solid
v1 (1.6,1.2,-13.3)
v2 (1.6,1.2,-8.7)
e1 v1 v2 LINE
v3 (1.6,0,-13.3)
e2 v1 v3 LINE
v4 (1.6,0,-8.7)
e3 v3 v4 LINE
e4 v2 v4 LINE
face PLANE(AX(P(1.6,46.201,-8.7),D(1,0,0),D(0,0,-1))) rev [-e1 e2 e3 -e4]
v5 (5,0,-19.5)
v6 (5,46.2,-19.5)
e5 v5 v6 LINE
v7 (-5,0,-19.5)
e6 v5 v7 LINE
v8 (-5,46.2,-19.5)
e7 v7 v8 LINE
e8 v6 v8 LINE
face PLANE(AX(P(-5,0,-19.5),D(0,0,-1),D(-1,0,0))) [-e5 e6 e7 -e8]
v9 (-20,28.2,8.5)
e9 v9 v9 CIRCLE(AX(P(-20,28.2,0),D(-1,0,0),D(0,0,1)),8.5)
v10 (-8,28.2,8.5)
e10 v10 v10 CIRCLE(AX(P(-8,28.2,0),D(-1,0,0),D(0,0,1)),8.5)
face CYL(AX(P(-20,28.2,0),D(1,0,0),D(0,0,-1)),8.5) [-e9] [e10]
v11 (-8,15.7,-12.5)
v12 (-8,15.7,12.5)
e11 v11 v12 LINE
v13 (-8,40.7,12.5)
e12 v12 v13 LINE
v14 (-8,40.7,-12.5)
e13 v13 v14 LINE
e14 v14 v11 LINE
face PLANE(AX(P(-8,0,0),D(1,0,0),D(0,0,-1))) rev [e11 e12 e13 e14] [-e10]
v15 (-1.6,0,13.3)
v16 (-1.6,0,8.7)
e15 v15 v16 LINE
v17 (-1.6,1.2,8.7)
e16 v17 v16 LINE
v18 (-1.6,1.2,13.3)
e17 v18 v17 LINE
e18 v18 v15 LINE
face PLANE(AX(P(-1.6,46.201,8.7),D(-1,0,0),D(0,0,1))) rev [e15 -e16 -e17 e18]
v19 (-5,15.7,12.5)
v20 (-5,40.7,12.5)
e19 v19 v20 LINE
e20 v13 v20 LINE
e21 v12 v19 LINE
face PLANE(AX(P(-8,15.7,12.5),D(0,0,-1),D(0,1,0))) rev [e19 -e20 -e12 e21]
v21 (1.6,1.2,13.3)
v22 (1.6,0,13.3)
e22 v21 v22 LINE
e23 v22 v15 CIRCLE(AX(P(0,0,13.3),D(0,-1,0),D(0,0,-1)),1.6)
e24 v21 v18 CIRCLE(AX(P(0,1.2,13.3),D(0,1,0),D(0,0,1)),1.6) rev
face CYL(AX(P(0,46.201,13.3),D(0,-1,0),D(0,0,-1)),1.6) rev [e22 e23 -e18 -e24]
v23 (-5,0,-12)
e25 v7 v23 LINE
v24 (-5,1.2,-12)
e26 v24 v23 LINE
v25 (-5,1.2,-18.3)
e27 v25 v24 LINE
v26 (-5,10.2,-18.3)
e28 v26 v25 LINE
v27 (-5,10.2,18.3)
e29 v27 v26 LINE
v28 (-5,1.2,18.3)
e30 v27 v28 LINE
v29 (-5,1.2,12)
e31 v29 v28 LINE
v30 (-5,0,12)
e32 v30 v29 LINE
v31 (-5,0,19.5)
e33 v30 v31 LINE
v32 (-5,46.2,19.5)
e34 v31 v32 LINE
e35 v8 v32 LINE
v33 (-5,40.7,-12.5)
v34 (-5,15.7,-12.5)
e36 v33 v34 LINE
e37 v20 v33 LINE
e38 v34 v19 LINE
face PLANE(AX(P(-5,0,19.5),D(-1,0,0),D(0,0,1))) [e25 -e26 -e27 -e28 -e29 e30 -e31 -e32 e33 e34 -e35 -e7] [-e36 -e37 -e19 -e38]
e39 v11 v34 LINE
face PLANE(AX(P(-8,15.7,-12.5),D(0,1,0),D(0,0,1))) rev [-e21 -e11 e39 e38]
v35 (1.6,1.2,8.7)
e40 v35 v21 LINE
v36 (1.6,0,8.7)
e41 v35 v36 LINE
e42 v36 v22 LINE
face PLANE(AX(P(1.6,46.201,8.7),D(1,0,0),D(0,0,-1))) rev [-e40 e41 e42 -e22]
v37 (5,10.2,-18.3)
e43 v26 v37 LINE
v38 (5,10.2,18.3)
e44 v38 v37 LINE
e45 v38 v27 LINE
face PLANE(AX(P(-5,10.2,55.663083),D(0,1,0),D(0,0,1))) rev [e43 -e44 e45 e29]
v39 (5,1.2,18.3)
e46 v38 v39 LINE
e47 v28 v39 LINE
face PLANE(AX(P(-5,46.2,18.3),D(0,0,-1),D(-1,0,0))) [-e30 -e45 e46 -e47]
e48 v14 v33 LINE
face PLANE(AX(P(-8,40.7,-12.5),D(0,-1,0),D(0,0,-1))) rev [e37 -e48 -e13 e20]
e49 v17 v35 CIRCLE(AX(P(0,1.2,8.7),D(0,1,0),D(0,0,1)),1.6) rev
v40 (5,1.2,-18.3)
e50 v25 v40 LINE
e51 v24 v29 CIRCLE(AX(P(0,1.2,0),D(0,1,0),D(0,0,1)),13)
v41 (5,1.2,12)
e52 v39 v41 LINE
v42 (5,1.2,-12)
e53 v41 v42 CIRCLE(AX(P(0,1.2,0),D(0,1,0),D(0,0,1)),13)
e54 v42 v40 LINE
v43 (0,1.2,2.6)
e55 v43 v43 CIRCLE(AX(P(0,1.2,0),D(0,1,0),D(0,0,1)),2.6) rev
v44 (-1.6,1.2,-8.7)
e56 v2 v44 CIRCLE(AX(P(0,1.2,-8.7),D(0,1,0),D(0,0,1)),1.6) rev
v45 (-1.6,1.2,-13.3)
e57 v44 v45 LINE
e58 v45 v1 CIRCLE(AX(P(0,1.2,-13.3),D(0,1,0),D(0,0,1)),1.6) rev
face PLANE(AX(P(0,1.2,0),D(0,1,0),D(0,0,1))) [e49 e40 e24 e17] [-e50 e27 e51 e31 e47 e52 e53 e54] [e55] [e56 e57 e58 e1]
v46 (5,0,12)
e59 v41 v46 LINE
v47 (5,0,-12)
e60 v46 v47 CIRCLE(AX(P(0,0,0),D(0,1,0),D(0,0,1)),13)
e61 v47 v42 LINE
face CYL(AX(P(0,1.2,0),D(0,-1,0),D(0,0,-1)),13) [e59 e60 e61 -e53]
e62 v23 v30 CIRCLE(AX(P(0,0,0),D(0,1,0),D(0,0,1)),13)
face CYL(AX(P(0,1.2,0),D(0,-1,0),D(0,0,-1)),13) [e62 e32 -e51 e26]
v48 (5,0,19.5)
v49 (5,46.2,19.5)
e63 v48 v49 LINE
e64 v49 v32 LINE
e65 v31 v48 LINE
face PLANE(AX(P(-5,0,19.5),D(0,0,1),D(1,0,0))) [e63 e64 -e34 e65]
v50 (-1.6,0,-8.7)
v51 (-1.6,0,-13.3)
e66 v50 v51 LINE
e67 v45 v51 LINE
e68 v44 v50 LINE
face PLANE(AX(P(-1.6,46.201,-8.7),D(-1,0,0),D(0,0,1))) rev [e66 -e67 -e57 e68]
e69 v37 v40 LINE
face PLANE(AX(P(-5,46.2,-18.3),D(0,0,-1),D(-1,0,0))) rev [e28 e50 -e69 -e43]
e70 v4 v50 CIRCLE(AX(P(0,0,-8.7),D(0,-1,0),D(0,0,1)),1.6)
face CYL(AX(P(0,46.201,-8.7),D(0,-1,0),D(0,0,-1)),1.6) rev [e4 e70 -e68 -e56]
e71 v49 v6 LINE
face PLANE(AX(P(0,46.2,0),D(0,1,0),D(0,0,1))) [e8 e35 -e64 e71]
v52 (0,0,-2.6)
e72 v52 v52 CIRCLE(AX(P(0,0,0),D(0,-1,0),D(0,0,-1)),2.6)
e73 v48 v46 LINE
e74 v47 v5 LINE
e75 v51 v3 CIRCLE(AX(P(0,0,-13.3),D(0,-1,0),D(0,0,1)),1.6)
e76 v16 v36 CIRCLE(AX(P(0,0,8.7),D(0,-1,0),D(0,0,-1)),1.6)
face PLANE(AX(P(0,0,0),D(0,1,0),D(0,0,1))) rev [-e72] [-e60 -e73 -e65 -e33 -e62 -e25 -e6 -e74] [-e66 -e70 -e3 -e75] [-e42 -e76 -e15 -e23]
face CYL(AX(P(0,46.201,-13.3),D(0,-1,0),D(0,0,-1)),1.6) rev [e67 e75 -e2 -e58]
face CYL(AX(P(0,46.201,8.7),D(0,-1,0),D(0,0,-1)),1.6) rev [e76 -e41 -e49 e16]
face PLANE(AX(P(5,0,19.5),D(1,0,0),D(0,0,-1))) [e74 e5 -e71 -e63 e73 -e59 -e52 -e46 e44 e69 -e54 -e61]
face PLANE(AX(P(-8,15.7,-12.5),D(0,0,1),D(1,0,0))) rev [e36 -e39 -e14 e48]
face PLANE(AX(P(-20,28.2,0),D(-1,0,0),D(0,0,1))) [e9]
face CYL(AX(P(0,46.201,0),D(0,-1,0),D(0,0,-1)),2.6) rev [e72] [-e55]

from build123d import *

# Parameters (mm, degrees)
SKETCH_1_R          = 13
EXTRUDE_1_DEPTH     = 1.2
SKETCH_2_W          = 10
SKETCH_2_H          = 39
EXTRUDE_2_DEPTH     = 1.2
SKETCH_3_W          = 10
SKETCH_3_H          = 1.2
EXTRUDE_3_DEPTH     = 45
SKETCH_4_W          = 10
SKETCH_4_H          = 36
EXTRUDE_4_DEPTH     = 36.6
SKETCH_5_W          = 25
SKETCH_5_H          = 25
EXTRUDE_5_DEPTH     = 3
SKETCH_6_R          = 8.5
EXTRUDE_6_DEPTH     = 12
CUT_EXTRUDE_1_REACH = 55.988
SKETCH_7_R          = 2.6


with BuildPart() as part:
    # 草图1 → 凸台-拉伸1 (new body)
    with BuildSketch(Plane(origin=(0, 0, 0), x_dir=(1, 0, 0), z_dir=(0, 1, 0))):
        with Locations(Location((0, 0, 0), (0, 0, 270))):
            Circle(SKETCH_1_R)
    extrude(amount=EXTRUDE_1_DEPTH)

    # 草图2 → 凸台-拉伸2 (add)
    with BuildSketch(Plane(origin=(0, 1.2, 0), x_dir=(1, 0, 0), z_dir=(0, 1, 0))):
        Rectangle(SKETCH_2_W, SKETCH_2_H)
    extrude(amount=-EXTRUDE_2_DEPTH)

    # 草图3 → 凸台-拉伸3 (add)
    with BuildSketch(Plane(origin=(0, 1.2, 0), x_dir=(1, 0, 0), z_dir=(0, 1, 0))):
        with Locations((0, 18.9)):
            Rectangle(SKETCH_3_W, SKETCH_3_H)
    extrude_3 = extrude(amount=EXTRUDE_3_DEPTH)

    # 镜向1: 凸台-拉伸3 across plane
    add(extrude_3.mirror(Plane.XY))

    # 草图4 → 凸台-拉伸4 (add)
    with BuildSketch(Plane.XY.offset(-18.3)):
        with Locations((0, 28.2)):
            Rectangle(SKETCH_4_W, SKETCH_4_H)
    extrude(amount=EXTRUDE_4_DEPTH)

    # 草图5 → 凸台-拉伸5 (add)
    with BuildSketch(Plane.ZY.offset(5)):
        with Locations((0, 28.2)):
            Rectangle(SKETCH_5_W, SKETCH_5_H)
    extrude(amount=EXTRUDE_5_DEPTH)

    # 草图6 → 凸台-拉伸6 (add)
    with BuildSketch(Plane.ZY.offset(8)):
        with Locations((0, 28.2)):
            Circle(SKETCH_6_R)
    extrude(amount=EXTRUDE_6_DEPTH)

    # 草图7 → 切除-拉伸1 (cut, up to next)
    with BuildSketch(Plane.XZ, mode=Mode.PRIVATE) as cut_extrude_1_sk1:
        with Locations(Location((0, 0, 0), (0, 0, 270))):
            Circle(SKETCH_7_R)
    cut_extrude_1_tool1 = extrude(cut_extrude_1_sk1.sketch, amount=-CUT_EXTRUDE_1_REACH, mode=Mode.PRIVATE) & part.part
    # 草图7 → 切除-拉伸1 (cut, up to next)
    with BuildSketch(Plane.XZ, mode=Mode.PRIVATE) as cut_extrude_1_sk2:
        with BuildLine():
            Line((-1.6, 8.7), (-1.6, 13.3))
            ThreePointArc((-1.6, 13.3), (0, 14.9), (1.6, 13.3))
            Line((1.6, 13.3), (1.6, 8.7))
            ThreePointArc((1.6, 8.7), (0, 7.1), (-1.6, 8.7))
        make_face()
    cut_extrude_1_tool2 = extrude(cut_extrude_1_sk2.sketch, amount=-CUT_EXTRUDE_1_REACH, mode=Mode.PRIVATE) & part.part
    # 草图7 → 切除-拉伸1 (cut, up to next)
    with BuildSketch(Plane.XZ, mode=Mode.PRIVATE) as cut_extrude_1_sk3:
        with BuildLine():
            Line((-1.6, -8.7), (-1.6, -13.3))
            ThreePointArc((-1.6, -13.3), (0, -14.9), (1.6, -13.3))
            Line((1.6, -13.3), (1.6, -8.7))
            ThreePointArc((1.6, -8.7), (0, -7.1), (-1.6, -8.7))
        make_face()
    cut_extrude_1_tool3 = extrude(cut_extrude_1_sk3.sketch, amount=-CUT_EXTRUDE_1_REACH, mode=Mode.PRIVATE) & part.part
    add(cut_extrude_1_tool1.solids().sort_by_distance((0, 0, 0))[0], mode=Mode.SUBTRACT)
    add(cut_extrude_1_tool2.solids().sort_by_distance((0, 0, 11))[0], mode=Mode.SUBTRACT)
    add(cut_extrude_1_tool3.solids().sort_by_distance((0, 0, -11))[0], mode=Mode.SUBTRACT)


solid = part.part
